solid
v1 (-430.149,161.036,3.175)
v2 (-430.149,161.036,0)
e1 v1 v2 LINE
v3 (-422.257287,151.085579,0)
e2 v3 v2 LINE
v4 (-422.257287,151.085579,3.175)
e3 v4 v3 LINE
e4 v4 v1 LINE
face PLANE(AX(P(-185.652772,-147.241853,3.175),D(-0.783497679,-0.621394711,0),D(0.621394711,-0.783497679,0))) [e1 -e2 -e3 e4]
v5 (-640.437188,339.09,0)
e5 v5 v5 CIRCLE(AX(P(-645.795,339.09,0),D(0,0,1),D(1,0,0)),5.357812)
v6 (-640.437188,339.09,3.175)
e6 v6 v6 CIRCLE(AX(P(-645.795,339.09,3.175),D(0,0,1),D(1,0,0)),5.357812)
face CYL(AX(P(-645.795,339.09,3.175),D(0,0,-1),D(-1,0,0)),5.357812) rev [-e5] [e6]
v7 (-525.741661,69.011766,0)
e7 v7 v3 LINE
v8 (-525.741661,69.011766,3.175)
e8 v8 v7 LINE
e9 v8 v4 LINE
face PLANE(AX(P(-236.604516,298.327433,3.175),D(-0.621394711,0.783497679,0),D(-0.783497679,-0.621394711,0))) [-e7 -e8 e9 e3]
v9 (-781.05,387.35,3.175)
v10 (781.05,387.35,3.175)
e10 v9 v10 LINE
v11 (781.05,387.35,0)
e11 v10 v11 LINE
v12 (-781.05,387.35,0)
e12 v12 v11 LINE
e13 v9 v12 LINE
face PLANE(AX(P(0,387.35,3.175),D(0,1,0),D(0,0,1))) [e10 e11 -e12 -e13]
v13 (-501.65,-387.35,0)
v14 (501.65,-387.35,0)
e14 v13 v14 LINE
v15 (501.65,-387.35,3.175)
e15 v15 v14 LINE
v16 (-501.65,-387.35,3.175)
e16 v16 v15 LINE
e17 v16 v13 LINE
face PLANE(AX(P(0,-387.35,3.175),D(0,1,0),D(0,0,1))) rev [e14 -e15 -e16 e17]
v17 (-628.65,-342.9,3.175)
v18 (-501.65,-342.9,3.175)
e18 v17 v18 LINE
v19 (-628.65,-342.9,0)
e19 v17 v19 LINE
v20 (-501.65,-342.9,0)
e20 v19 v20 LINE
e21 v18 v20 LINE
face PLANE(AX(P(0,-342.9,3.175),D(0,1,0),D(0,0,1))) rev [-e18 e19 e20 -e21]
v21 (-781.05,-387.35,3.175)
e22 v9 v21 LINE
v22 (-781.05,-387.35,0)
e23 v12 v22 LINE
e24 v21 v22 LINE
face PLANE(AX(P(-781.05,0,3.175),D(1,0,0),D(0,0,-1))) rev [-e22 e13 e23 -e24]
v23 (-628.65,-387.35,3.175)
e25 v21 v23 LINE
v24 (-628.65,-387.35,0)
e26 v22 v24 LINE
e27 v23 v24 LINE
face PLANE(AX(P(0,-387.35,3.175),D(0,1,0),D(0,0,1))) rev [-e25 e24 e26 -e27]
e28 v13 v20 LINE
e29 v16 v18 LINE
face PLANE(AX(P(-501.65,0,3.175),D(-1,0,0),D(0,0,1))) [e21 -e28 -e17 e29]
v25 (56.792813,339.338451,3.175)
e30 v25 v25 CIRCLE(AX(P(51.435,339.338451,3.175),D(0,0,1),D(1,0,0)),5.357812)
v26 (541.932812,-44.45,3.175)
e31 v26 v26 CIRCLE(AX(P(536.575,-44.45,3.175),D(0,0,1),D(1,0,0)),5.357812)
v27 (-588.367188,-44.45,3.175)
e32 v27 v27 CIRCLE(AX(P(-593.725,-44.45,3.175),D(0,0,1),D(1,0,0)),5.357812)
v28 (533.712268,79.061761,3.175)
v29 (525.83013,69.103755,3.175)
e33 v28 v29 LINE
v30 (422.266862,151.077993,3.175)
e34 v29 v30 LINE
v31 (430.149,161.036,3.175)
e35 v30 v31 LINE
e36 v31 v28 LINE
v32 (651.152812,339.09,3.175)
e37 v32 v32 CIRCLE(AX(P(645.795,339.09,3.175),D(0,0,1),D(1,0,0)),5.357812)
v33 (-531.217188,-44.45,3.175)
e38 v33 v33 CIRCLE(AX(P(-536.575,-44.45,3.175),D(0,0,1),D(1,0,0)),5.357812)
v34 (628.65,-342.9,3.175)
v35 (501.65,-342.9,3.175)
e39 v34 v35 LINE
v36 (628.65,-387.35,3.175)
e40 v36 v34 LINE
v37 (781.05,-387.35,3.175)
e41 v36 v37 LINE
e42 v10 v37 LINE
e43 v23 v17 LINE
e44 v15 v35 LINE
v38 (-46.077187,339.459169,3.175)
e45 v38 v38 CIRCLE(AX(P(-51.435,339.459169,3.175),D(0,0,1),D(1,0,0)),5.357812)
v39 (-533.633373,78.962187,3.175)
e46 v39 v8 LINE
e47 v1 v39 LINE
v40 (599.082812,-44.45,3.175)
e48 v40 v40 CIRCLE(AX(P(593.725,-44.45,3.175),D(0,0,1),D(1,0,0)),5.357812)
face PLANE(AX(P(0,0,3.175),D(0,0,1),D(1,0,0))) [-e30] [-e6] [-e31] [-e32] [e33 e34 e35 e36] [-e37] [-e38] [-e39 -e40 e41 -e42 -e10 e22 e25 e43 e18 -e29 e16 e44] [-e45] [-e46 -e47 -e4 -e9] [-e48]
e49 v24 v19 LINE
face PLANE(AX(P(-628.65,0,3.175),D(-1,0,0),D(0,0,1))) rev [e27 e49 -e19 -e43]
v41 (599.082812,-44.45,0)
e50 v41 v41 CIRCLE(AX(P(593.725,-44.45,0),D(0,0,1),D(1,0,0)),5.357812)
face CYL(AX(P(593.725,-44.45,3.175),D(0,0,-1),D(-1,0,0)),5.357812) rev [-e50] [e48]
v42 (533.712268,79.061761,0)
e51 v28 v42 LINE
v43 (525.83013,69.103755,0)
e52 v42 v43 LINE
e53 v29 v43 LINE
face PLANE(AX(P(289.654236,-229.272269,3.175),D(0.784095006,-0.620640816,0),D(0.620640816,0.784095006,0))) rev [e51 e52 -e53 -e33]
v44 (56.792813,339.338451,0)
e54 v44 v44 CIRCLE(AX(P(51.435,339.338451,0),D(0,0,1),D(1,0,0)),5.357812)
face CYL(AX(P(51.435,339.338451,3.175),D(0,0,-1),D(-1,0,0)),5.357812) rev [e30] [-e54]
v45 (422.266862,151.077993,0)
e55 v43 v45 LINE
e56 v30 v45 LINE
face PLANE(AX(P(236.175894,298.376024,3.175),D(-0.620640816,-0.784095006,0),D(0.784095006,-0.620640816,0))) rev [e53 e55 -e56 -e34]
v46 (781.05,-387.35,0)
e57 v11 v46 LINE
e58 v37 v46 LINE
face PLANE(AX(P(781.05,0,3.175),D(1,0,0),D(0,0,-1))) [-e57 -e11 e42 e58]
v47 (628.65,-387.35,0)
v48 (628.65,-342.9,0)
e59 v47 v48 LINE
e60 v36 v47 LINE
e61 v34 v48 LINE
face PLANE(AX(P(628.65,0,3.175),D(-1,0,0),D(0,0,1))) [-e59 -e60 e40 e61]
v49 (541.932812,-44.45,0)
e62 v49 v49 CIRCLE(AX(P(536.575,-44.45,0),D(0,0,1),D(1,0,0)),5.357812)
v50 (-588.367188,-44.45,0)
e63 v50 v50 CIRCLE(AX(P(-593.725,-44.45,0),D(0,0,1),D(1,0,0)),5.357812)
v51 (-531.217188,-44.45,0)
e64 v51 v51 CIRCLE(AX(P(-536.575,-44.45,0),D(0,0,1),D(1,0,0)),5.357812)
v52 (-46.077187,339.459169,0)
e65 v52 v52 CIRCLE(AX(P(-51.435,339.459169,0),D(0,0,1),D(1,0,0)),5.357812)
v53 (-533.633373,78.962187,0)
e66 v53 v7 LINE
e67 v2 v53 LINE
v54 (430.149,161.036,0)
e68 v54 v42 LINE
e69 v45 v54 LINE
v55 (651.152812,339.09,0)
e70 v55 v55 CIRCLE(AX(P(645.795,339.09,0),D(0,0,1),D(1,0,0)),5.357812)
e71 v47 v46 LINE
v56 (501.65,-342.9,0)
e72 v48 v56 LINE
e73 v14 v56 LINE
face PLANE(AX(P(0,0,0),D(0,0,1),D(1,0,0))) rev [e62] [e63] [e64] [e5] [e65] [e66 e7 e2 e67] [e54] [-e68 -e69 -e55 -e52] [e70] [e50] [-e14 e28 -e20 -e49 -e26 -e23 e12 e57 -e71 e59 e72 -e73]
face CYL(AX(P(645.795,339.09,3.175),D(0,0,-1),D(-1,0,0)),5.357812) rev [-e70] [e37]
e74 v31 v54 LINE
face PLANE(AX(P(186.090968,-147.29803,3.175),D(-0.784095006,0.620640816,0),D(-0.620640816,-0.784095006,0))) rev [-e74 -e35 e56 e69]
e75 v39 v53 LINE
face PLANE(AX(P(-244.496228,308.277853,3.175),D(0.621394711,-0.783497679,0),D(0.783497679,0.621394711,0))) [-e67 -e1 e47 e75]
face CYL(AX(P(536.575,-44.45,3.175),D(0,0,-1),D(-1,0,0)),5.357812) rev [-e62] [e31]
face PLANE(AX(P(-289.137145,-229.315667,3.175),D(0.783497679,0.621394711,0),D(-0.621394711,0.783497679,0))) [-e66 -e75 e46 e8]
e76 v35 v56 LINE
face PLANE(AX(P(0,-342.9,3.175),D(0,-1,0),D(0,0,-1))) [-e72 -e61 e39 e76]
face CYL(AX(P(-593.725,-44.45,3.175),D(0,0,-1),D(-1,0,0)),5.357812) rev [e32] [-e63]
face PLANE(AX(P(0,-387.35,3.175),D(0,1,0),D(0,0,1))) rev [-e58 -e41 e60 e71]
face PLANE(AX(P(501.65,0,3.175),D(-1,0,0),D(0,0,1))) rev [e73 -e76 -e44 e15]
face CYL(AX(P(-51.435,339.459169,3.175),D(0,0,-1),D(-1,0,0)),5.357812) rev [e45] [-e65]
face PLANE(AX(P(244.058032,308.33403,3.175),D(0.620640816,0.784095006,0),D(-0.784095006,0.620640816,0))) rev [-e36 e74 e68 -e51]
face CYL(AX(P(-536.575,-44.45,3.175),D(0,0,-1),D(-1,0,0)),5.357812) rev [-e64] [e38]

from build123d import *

# Parameters (mm, degrees)
SKETCH1_R           = 5.3578125
BOSS_EXTRUDE1_DEPTH = 3.175


with BuildPart() as part:
    # Sketch1 → Boss-Extrude1 (new body)
    with BuildSketch(Plane.XY):
        Polygon((781.05, 387.35), (-781.05, 387.35), (-781.05, -387.35), (-628.65, -387.35), (-628.65, -342.9), (-501.65, -342.9), (-501.65, -387.35), (501.65, -387.35), (501.65, -342.9), (628.65, -342.9), (628.65, -387.35), (781.05, -387.35), align=None)
        with Locations((-593.725, -44.45)):
            Circle(SKETCH1_R, mode=Mode.SUBTRACT)
        with Locations((-536.575, -44.45)):
            Circle(SKETCH1_R, mode=Mode.SUBTRACT)
        with Locations((536.575, -44.45)):
            Circle(SKETCH1_R, mode=Mode.SUBTRACT)
        with Locations((593.725, -44.45)):
            Circle(SKETCH1_R, mode=Mode.SUBTRACT)
        Polygon((-525.741660624, 69.011766046), (-533.633373454, 78.962186571), (-430.149, 161.036), (-422.25728717, 151.085579476), align=None, mode=Mode.SUBTRACT)
        with Locations((-645.795, 339.09)):
            Circle(SKETCH1_R, mode=Mode.SUBTRACT)
        with Locations((-51.435, 339.459169182)):
            Circle(SKETCH1_R, mode=Mode.SUBTRACT)
        Polygon((533.712268362, 79.061761082), (525.830130005, 69.103754509), (422.266861643, 151.077993427), (430.149, 161.036), align=None, mode=Mode.SUBTRACT)
        with Locations((51.435, 339.338450694)):
            Circle(SKETCH1_R, mode=Mode.SUBTRACT)
        with Locations((645.795, 339.09)):
            Circle(SKETCH1_R, mode=Mode.SUBTRACT)
    extrude(amount=BOSS_EXTRUDE1_DEPTH)


solid = part.part
